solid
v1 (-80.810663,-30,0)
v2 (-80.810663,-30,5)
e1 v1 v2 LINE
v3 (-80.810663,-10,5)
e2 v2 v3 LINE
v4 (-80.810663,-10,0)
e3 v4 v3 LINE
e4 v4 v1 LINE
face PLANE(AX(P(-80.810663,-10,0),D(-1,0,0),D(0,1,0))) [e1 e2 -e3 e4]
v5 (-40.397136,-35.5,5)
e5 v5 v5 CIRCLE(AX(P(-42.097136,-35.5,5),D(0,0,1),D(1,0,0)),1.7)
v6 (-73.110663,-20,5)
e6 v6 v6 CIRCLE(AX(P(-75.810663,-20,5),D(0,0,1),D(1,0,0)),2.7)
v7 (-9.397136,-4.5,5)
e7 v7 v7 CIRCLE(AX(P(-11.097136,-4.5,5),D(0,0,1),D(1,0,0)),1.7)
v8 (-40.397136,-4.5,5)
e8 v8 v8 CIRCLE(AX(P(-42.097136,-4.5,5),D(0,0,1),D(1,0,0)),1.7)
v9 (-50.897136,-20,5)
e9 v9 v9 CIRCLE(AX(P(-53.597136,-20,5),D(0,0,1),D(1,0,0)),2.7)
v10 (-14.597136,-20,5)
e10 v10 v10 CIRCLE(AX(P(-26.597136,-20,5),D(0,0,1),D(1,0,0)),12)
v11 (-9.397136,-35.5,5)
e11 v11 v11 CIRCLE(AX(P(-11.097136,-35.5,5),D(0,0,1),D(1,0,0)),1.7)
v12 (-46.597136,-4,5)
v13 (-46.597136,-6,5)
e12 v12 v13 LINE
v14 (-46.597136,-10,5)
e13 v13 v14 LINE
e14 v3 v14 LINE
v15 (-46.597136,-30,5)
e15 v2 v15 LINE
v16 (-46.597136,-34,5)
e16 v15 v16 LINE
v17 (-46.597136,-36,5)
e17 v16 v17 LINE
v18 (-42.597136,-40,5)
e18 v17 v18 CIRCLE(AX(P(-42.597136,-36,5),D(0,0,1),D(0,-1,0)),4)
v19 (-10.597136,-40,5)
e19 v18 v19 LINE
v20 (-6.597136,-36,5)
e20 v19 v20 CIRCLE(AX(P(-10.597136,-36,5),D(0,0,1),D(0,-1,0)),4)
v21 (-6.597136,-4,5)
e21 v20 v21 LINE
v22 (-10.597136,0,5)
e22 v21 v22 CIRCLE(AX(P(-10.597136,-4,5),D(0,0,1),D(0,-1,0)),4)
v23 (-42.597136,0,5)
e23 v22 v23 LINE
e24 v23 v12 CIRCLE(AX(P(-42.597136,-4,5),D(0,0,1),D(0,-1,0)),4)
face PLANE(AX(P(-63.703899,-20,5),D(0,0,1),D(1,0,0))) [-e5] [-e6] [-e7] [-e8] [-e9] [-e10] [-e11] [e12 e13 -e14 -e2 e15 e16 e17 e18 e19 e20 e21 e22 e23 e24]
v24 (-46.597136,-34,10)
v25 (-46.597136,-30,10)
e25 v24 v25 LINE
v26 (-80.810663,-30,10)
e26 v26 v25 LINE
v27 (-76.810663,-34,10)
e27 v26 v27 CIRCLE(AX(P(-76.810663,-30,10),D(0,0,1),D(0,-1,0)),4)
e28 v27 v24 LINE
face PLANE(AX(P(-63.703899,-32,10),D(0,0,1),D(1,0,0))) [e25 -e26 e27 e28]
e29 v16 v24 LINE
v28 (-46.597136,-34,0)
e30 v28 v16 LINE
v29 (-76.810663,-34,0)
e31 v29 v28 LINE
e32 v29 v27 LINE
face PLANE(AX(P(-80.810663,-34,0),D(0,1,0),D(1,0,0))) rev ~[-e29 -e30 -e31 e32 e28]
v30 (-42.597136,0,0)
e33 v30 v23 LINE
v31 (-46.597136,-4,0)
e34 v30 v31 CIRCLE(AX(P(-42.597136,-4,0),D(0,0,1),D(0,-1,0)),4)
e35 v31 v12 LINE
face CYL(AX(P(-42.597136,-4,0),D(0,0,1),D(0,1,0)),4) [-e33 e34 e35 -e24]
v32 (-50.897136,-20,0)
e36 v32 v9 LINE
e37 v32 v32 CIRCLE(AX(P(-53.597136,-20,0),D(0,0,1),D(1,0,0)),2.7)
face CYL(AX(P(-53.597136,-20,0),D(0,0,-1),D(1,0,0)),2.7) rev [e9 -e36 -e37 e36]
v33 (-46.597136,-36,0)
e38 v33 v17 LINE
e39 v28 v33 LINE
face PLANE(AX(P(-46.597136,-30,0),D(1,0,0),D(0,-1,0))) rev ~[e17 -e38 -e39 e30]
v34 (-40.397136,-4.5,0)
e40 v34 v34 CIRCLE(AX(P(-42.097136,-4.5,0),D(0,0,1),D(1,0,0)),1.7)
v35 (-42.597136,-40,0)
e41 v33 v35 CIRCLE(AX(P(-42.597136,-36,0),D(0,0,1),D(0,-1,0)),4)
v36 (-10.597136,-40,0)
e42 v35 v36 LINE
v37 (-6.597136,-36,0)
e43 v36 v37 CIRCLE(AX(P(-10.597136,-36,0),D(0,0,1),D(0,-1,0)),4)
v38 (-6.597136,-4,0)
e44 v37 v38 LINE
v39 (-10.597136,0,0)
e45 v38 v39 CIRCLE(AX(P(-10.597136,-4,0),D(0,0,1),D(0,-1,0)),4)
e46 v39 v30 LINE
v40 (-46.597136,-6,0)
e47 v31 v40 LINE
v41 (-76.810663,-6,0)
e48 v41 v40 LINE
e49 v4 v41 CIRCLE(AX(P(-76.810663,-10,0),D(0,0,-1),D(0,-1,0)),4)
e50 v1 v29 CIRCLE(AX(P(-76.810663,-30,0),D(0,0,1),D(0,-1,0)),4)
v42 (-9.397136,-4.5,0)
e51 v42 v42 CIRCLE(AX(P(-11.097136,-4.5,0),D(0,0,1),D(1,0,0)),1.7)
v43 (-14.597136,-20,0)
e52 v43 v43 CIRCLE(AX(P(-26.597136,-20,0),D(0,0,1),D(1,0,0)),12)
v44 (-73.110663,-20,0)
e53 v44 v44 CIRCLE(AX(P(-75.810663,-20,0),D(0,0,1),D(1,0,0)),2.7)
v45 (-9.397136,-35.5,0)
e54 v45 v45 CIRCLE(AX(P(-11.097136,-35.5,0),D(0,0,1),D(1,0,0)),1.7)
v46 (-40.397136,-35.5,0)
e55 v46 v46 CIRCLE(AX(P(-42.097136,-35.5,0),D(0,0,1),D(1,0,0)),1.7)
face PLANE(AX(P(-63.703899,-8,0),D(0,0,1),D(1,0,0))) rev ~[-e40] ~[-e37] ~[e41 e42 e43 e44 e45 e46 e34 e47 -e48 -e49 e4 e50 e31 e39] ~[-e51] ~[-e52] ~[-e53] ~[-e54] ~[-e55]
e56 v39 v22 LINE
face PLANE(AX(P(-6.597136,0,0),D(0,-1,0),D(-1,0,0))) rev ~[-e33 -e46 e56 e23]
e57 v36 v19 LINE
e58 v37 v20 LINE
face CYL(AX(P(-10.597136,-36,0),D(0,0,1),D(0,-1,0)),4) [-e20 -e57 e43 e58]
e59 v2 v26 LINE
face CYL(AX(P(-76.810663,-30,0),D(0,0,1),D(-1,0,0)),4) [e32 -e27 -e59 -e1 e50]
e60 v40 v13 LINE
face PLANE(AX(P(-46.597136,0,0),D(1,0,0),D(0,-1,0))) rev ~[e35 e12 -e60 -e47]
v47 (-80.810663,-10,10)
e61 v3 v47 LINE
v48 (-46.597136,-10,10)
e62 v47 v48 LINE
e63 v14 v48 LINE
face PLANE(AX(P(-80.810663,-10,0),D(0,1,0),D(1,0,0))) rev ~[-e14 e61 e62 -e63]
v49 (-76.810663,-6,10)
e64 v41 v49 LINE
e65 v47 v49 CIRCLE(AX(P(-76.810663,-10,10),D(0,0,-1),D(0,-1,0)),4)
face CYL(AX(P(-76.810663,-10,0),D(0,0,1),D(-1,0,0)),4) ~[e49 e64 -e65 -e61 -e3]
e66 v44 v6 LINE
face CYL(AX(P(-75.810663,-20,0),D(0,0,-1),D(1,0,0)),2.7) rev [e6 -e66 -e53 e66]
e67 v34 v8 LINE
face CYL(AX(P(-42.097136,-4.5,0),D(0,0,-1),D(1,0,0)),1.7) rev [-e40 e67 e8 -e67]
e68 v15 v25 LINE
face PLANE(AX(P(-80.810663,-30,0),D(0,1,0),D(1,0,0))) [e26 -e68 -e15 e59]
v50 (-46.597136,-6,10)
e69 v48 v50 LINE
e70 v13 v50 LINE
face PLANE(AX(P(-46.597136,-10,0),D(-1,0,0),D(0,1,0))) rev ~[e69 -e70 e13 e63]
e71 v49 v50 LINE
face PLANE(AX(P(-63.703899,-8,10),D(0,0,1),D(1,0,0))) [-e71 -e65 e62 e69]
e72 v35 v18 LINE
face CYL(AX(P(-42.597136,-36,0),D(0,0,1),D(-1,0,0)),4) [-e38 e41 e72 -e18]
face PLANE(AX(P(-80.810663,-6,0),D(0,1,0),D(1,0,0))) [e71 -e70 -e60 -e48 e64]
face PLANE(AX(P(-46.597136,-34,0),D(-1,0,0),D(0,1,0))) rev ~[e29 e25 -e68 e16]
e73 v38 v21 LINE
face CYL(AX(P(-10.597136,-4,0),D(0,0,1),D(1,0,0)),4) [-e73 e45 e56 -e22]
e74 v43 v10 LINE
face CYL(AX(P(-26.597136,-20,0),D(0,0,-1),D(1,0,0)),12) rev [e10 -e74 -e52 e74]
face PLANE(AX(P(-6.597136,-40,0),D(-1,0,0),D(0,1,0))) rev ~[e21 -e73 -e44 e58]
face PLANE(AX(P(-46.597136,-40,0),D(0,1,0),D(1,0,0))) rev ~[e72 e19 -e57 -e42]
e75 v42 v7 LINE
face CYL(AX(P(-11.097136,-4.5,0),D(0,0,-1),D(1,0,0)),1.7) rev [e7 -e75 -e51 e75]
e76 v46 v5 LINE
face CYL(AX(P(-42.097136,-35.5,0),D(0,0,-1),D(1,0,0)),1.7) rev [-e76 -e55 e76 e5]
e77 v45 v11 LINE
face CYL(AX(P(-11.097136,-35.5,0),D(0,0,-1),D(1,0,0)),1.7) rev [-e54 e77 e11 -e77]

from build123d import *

# Parameters (mm, degrees)
F0_W     = 34.213527
F0_H     = 20
F0_R     = 2.7
F0_R_2   = 1.7
F0_R_3   = 12
F1_DEPTH = 5
F0_H_2   = 4
F2_DEPTH = 10
F3_R     = 4


with BuildPart() as f1:
    # F0 (on Top) → F1 (new body)
    with BuildSketch(Plane.XY):
        with Locations((-63.703899, -20)):
            Rectangle(F0_W, F0_H)
        with Locations((-75.810663, -20)):
            Circle(F0_R, mode=Mode.SUBTRACT)
        with Locations((-53.597136, -20)):
            Circle(F0_R, mode=Mode.SUBTRACT)
        Polygon((-46.597136, -40), (-6.597136, -40), (-6.597136, 0), (-46.597136, 0), (-46.597136, -6), (-46.597136, -10), (-46.597136, -30), (-46.597136, -34), align=None)
        with Locations((-42.097136, -35.5)):
            Circle(F0_R_2, mode=Mode.SUBTRACT)
        with Locations((-11.097136, -35.5)):
            Circle(F0_R_2, mode=Mode.SUBTRACT)
        with Locations((-26.597136, -20)):
            Circle(F0_R_3, mode=Mode.SUBTRACT)
        with Locations((-42.097136, -4.5)):
            Circle(F0_R_2, mode=Mode.SUBTRACT)
        with Locations((-11.097136, -4.5)):
            Circle(F0_R_2, mode=Mode.SUBTRACT)
    extrude(amount=F1_DEPTH)

    # F0 (on Top) → F2 (join)
    with BuildSketch(Plane.XY):
        with Locations((-63.703899, -8)):
            Rectangle(F0_W, F0_H_2)
        with Locations((-63.703899, -32)):
            Rectangle(F0_W, F0_H_2)
    extrude(amount=F2_DEPTH)

    # F3
    f3_edges = [f1.edges().sort_by_distance(p)[0] for p in [
        (-80.810663, -6, 5),
        (-46.597136, 0, 2.5),
        (-6.597136, 0, 2.5),
        (-6.597136, -40, 2.5),
        (-46.597136, -40, 2.5),
        (-80.810663, -34, 5),
    ]]
    fillet(f3_edges, radius=F3_R)


solid = f1.part
